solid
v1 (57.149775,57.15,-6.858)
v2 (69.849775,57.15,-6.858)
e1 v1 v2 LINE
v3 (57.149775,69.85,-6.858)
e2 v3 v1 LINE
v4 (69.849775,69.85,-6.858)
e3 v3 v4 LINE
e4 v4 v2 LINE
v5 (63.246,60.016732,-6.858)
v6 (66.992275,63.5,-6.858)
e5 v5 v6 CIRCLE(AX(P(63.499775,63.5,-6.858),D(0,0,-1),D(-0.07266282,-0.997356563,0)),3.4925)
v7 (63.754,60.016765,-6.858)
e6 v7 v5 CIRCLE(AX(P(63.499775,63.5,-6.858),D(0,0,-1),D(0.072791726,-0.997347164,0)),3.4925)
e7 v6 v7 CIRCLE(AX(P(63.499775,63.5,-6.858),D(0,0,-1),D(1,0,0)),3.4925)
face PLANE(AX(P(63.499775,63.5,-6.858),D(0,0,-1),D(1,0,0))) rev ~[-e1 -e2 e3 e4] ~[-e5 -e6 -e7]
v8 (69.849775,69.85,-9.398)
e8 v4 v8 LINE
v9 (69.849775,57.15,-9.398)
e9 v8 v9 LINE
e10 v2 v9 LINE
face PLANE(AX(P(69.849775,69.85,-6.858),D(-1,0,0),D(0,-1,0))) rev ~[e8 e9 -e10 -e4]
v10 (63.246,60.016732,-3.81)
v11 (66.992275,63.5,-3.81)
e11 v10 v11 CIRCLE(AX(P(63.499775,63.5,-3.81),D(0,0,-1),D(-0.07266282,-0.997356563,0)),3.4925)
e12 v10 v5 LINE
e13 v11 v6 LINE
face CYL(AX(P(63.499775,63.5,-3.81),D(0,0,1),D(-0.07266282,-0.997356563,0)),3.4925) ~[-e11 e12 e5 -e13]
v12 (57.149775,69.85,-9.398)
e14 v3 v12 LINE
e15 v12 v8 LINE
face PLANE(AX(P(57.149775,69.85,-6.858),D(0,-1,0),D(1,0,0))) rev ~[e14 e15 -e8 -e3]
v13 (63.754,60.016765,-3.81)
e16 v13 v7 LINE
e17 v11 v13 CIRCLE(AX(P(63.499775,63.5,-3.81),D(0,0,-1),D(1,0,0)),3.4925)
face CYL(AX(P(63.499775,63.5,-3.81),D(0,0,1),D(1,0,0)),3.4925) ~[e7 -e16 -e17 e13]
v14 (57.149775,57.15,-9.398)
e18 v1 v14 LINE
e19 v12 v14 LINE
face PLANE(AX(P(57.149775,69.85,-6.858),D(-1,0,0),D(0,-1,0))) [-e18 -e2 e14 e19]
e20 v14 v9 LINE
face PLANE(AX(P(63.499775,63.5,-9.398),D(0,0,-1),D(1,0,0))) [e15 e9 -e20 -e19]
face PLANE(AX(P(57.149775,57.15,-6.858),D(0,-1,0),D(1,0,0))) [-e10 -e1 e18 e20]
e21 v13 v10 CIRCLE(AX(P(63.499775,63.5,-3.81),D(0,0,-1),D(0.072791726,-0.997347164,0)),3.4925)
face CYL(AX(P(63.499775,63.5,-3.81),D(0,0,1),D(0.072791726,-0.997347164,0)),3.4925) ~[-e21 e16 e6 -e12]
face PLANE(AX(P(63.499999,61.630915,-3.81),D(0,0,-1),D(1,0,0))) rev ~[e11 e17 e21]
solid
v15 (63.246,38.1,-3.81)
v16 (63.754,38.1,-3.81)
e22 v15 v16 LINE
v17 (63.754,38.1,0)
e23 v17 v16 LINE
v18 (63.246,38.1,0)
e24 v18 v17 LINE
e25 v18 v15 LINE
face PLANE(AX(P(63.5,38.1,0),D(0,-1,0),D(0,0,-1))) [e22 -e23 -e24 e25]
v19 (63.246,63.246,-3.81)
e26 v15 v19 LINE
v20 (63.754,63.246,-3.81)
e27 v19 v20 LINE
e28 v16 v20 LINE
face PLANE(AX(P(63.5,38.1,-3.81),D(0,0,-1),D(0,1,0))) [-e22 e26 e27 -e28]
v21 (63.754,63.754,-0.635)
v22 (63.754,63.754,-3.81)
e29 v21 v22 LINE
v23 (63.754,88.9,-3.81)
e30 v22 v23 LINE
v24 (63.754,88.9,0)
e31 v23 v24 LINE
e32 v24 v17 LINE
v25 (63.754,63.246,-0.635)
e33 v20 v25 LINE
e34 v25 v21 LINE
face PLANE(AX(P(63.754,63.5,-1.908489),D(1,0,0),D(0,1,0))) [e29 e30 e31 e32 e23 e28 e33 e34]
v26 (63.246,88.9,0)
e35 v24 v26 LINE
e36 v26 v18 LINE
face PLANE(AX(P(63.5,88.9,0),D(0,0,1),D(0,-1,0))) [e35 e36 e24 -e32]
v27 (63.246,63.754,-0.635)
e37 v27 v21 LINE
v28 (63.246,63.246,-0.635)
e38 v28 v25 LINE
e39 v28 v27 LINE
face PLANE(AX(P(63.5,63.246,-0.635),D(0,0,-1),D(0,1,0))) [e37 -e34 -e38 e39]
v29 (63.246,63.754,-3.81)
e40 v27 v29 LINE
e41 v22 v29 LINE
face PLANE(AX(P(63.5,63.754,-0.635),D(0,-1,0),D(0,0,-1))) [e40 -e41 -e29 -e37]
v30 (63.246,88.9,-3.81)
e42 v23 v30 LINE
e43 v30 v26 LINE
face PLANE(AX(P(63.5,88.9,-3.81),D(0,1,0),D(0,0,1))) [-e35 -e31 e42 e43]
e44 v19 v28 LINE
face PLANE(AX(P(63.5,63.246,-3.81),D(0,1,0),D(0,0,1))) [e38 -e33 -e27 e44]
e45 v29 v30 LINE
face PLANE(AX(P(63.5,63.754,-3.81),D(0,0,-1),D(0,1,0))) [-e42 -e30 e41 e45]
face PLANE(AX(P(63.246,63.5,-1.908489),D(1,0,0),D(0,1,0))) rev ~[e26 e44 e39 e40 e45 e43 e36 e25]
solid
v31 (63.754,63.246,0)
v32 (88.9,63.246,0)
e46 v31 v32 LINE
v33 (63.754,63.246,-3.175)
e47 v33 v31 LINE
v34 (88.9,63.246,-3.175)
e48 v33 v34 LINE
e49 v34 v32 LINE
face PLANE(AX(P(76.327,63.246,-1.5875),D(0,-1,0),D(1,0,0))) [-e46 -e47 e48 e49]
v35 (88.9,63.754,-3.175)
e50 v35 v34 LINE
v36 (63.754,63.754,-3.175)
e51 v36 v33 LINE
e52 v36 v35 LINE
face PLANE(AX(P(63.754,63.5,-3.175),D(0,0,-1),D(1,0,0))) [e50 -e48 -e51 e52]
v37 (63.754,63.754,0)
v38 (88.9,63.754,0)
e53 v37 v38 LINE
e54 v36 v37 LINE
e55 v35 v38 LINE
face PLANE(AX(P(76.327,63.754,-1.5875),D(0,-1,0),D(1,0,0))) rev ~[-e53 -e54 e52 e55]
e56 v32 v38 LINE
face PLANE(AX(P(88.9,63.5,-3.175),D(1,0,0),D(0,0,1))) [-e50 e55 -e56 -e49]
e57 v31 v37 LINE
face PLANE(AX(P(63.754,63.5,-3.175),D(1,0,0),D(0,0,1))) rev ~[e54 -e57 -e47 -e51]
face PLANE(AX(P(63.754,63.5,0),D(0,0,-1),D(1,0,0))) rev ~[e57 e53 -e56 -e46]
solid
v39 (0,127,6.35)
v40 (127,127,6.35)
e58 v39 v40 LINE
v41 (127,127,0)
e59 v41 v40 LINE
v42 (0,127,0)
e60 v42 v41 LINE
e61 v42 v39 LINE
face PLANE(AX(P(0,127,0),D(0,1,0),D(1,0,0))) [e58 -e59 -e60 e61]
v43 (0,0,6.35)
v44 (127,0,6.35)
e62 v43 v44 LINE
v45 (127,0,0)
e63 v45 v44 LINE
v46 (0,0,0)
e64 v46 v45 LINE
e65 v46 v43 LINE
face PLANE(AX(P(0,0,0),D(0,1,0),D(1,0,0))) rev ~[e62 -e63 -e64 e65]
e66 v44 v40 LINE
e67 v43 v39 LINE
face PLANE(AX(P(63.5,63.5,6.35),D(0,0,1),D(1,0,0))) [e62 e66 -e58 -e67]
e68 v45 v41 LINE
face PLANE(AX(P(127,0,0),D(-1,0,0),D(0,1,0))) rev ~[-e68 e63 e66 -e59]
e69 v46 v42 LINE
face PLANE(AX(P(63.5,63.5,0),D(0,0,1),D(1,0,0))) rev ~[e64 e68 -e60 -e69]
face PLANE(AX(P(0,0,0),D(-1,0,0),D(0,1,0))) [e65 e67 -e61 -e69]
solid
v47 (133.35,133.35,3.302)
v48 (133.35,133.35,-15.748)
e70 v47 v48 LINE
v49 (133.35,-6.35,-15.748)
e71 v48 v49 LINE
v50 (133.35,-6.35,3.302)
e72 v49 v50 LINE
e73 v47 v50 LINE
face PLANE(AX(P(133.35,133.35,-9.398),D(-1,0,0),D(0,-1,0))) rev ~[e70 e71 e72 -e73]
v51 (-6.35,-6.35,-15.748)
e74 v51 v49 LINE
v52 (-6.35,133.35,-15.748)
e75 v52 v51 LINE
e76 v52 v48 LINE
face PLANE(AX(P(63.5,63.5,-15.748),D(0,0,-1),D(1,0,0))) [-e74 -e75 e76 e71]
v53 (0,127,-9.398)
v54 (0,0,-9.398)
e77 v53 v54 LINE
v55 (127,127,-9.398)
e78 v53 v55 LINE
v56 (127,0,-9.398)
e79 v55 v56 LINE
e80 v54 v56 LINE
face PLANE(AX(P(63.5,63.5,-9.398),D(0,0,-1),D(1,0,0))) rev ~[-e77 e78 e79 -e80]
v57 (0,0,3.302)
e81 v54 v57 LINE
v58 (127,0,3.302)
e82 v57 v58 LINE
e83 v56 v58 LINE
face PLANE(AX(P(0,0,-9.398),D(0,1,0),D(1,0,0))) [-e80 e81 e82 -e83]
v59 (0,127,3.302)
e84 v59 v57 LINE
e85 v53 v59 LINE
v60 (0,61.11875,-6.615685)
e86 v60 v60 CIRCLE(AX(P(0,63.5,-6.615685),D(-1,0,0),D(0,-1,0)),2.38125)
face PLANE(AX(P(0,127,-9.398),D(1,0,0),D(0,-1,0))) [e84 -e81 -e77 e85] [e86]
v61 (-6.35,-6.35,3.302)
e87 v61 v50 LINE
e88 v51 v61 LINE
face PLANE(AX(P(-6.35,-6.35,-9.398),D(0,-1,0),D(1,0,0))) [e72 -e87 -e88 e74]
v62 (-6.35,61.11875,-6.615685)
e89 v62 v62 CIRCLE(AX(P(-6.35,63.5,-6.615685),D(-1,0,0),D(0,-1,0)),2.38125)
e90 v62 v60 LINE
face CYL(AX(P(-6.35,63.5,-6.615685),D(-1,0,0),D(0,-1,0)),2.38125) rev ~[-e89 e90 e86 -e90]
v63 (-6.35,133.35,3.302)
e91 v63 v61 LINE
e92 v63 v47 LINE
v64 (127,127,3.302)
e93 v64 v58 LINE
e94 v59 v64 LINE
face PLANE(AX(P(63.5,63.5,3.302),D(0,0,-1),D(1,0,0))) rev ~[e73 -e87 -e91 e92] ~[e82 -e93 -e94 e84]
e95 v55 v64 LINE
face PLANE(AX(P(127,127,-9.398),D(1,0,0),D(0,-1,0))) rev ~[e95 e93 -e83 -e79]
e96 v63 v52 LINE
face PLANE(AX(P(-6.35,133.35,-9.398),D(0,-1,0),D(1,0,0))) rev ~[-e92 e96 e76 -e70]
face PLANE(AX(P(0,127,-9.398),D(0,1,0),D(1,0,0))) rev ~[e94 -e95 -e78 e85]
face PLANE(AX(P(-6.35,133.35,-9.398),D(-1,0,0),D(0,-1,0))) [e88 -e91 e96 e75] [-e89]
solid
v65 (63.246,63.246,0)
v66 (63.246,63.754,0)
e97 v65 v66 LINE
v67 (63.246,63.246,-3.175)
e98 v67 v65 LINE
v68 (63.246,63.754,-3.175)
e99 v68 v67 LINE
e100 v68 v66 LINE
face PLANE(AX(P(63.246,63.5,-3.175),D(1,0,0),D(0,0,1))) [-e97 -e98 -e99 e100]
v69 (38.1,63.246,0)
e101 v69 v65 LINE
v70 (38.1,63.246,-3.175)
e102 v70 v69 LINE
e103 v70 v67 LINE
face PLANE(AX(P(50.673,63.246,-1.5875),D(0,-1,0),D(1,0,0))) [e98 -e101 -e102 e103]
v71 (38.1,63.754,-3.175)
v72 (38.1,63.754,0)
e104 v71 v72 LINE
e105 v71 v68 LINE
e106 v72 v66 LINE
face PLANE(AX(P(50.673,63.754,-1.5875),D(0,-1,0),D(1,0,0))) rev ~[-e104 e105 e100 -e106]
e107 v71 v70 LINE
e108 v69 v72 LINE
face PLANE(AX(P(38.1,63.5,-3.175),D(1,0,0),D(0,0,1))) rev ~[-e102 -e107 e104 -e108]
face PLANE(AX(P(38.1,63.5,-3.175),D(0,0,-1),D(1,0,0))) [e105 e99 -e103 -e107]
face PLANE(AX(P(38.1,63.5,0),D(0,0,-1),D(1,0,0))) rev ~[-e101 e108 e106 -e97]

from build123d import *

# Parameters (mm, degrees)
F0_W      = 127
F0_H      = 127
F1_DEPTH  = 6.35
F4_DEPTH  = 0.254
F6_W      = 25.146
F6_H      = 3.175
F7_DEPTH  = 0.254
F9_DEPTH  = 3.048
F10_W     = 12.7
F10_H     = 12.7
F10_R     = 3.4925
F11_DEPTH = 2.54
F12_W     = 139.6999998465
F12_H     = 139.6999998465
F12_W_2   = 127
F12_H_2   = 127
F13_DEPTH = 12.7
F15_W     = 139.6999998465
F15_H     = 139.6999998465
F16_DEPTH = 6.35
F18_R     = 2.38125
F19_DEPTH = 25.4


with BuildPart() as f1:
    # F0 (on Top) → F1 (new body)
    with BuildSketch(Plane.XY):
        with Locations((63.5, 63.5)):
            Rectangle(F0_W, F0_H)
    extrude(amount=F1_DEPTH)


with BuildPart() as f4:
    # F3 (on offset) → F4 (new body, symmetric)
    with BuildSketch(Plane.YZ.offset(63.5)):
        Polygon((88.9, 0), (38.1, 0), (38.1, -3.81), (63.246, -3.81), (63.246, -0.635), (63.754, -0.635), (63.754, -3.81), (88.9, -3.81), align=None)
    extrude(amount=F4_DEPTH, both=True)


with BuildPart() as f7:
    # F6 (on offset) → F7 (new body, symmetric)
    with BuildSketch(Plane.XZ.offset(-63.5)):
        with Locations((76.327, -1.5875)):
            Rectangle(F6_W, F6_H)
    extrude(amount=F7_DEPTH, both=True)


with BuildPart() as f7b:
    # F6 (on offset) → F7, piece 2 (new body, symmetric)
    with BuildSketch(Plane.XZ.offset(-63.5)):
        with Locations((50.673, -1.5875)):
            Rectangle(F6_W, F6_H)
    extrude(amount=F7_DEPTH, both=True)


with BuildPart() as f9:
    # F8 (on face) → F9 (new body)
    with BuildSketch(Plane(origin=(0, 0, -3.81), x_dir=(1, 0, 0), z_dir=(0, 0, -1))):
        with BuildLine():
            Line((63.754, -63.246), (63.754, -60.0167650312))
            ThreePointArc((63.754, -60.0167650312), (63.5000005977, -60.0075000073), (63.246, -60.0167322023))
            Line((63.246, -60.0167322023), (63.246, -63.246))
            Line((63.246, -63.246), (63.754, -63.246))
        make_face()
        with BuildLine():
            ThreePointArc((63.246, -60.0167322023), (61.1216193726, -66.0577201845), (66.992274899, -63.5))
            ThreePointArc((66.992274899, -63.5), (66.0576487637, -61.1220097682), (63.754, -60.0167650312))
            Line((63.754, -60.0167650312), (63.754, -63.246))
            Line((63.754, -63.246), (63.246, -63.246))
            Line((63.246, -63.246), (63.246, -60.0167322023))
        make_face()
    extrude(amount=F9_DEPTH)

    # F10 (on face) → F11 (join)
    with BuildSketch(Plane(origin=(0, 0, -6.858), x_dir=(1, 0, 0), z_dir=(0, 0, -1))):
        with Locations((63.499774899, -63.5)):
            Rectangle(F10_W, F10_H)
        with Locations((63.499774899, -63.5)):
            Circle(F10_R, mode=Mode.SUBTRACT)
        with Locations((63.499774899, -63.5)):
            Circle(F10_R)
    extrude(amount=F11_DEPTH)


with BuildPart() as f13:
    # F12 (on face) → F13 (new body)
    with BuildSketch(Plane(origin=(0, 0, -9.398), x_dir=(1, 0, 0), z_dir=(0, 0, -1))):
        with Locations((63.5, -63.5)):
            Rectangle(F12_W, F12_H)
        with Locations((63.5, -63.5)):
            Rectangle(F12_W_2, F12_H_2, mode=Mode.SUBTRACT)
    extrude(amount=-F13_DEPTH)

    # F15 (on face) → F16 (join)
    with BuildSketch(Plane(origin=(0, 0, -9.398), x_dir=(1, 0, 0), z_dir=(0, 0, -1))):
        with Locations((63.5, -63.5)):
            Rectangle(F15_W, F15_H)
    extrude(amount=F16_DEPTH)

    # F18 (on face) → F19 (cut)
    with BuildSketch(Plane(origin=(-6.3499999233, 0, 0), x_dir=(0, -1, 0), z_dir=(-1, 0, 0))):
        with Locations((-63.5, -6.6156850821)):
            Circle(F18_R)
    extrude(amount=-F19_DEPTH, mode=Mode.SUBTRACT)


solid = Compound([f1.part, f4.part, f7.part, f7b.part, f9.part, f13.part])
